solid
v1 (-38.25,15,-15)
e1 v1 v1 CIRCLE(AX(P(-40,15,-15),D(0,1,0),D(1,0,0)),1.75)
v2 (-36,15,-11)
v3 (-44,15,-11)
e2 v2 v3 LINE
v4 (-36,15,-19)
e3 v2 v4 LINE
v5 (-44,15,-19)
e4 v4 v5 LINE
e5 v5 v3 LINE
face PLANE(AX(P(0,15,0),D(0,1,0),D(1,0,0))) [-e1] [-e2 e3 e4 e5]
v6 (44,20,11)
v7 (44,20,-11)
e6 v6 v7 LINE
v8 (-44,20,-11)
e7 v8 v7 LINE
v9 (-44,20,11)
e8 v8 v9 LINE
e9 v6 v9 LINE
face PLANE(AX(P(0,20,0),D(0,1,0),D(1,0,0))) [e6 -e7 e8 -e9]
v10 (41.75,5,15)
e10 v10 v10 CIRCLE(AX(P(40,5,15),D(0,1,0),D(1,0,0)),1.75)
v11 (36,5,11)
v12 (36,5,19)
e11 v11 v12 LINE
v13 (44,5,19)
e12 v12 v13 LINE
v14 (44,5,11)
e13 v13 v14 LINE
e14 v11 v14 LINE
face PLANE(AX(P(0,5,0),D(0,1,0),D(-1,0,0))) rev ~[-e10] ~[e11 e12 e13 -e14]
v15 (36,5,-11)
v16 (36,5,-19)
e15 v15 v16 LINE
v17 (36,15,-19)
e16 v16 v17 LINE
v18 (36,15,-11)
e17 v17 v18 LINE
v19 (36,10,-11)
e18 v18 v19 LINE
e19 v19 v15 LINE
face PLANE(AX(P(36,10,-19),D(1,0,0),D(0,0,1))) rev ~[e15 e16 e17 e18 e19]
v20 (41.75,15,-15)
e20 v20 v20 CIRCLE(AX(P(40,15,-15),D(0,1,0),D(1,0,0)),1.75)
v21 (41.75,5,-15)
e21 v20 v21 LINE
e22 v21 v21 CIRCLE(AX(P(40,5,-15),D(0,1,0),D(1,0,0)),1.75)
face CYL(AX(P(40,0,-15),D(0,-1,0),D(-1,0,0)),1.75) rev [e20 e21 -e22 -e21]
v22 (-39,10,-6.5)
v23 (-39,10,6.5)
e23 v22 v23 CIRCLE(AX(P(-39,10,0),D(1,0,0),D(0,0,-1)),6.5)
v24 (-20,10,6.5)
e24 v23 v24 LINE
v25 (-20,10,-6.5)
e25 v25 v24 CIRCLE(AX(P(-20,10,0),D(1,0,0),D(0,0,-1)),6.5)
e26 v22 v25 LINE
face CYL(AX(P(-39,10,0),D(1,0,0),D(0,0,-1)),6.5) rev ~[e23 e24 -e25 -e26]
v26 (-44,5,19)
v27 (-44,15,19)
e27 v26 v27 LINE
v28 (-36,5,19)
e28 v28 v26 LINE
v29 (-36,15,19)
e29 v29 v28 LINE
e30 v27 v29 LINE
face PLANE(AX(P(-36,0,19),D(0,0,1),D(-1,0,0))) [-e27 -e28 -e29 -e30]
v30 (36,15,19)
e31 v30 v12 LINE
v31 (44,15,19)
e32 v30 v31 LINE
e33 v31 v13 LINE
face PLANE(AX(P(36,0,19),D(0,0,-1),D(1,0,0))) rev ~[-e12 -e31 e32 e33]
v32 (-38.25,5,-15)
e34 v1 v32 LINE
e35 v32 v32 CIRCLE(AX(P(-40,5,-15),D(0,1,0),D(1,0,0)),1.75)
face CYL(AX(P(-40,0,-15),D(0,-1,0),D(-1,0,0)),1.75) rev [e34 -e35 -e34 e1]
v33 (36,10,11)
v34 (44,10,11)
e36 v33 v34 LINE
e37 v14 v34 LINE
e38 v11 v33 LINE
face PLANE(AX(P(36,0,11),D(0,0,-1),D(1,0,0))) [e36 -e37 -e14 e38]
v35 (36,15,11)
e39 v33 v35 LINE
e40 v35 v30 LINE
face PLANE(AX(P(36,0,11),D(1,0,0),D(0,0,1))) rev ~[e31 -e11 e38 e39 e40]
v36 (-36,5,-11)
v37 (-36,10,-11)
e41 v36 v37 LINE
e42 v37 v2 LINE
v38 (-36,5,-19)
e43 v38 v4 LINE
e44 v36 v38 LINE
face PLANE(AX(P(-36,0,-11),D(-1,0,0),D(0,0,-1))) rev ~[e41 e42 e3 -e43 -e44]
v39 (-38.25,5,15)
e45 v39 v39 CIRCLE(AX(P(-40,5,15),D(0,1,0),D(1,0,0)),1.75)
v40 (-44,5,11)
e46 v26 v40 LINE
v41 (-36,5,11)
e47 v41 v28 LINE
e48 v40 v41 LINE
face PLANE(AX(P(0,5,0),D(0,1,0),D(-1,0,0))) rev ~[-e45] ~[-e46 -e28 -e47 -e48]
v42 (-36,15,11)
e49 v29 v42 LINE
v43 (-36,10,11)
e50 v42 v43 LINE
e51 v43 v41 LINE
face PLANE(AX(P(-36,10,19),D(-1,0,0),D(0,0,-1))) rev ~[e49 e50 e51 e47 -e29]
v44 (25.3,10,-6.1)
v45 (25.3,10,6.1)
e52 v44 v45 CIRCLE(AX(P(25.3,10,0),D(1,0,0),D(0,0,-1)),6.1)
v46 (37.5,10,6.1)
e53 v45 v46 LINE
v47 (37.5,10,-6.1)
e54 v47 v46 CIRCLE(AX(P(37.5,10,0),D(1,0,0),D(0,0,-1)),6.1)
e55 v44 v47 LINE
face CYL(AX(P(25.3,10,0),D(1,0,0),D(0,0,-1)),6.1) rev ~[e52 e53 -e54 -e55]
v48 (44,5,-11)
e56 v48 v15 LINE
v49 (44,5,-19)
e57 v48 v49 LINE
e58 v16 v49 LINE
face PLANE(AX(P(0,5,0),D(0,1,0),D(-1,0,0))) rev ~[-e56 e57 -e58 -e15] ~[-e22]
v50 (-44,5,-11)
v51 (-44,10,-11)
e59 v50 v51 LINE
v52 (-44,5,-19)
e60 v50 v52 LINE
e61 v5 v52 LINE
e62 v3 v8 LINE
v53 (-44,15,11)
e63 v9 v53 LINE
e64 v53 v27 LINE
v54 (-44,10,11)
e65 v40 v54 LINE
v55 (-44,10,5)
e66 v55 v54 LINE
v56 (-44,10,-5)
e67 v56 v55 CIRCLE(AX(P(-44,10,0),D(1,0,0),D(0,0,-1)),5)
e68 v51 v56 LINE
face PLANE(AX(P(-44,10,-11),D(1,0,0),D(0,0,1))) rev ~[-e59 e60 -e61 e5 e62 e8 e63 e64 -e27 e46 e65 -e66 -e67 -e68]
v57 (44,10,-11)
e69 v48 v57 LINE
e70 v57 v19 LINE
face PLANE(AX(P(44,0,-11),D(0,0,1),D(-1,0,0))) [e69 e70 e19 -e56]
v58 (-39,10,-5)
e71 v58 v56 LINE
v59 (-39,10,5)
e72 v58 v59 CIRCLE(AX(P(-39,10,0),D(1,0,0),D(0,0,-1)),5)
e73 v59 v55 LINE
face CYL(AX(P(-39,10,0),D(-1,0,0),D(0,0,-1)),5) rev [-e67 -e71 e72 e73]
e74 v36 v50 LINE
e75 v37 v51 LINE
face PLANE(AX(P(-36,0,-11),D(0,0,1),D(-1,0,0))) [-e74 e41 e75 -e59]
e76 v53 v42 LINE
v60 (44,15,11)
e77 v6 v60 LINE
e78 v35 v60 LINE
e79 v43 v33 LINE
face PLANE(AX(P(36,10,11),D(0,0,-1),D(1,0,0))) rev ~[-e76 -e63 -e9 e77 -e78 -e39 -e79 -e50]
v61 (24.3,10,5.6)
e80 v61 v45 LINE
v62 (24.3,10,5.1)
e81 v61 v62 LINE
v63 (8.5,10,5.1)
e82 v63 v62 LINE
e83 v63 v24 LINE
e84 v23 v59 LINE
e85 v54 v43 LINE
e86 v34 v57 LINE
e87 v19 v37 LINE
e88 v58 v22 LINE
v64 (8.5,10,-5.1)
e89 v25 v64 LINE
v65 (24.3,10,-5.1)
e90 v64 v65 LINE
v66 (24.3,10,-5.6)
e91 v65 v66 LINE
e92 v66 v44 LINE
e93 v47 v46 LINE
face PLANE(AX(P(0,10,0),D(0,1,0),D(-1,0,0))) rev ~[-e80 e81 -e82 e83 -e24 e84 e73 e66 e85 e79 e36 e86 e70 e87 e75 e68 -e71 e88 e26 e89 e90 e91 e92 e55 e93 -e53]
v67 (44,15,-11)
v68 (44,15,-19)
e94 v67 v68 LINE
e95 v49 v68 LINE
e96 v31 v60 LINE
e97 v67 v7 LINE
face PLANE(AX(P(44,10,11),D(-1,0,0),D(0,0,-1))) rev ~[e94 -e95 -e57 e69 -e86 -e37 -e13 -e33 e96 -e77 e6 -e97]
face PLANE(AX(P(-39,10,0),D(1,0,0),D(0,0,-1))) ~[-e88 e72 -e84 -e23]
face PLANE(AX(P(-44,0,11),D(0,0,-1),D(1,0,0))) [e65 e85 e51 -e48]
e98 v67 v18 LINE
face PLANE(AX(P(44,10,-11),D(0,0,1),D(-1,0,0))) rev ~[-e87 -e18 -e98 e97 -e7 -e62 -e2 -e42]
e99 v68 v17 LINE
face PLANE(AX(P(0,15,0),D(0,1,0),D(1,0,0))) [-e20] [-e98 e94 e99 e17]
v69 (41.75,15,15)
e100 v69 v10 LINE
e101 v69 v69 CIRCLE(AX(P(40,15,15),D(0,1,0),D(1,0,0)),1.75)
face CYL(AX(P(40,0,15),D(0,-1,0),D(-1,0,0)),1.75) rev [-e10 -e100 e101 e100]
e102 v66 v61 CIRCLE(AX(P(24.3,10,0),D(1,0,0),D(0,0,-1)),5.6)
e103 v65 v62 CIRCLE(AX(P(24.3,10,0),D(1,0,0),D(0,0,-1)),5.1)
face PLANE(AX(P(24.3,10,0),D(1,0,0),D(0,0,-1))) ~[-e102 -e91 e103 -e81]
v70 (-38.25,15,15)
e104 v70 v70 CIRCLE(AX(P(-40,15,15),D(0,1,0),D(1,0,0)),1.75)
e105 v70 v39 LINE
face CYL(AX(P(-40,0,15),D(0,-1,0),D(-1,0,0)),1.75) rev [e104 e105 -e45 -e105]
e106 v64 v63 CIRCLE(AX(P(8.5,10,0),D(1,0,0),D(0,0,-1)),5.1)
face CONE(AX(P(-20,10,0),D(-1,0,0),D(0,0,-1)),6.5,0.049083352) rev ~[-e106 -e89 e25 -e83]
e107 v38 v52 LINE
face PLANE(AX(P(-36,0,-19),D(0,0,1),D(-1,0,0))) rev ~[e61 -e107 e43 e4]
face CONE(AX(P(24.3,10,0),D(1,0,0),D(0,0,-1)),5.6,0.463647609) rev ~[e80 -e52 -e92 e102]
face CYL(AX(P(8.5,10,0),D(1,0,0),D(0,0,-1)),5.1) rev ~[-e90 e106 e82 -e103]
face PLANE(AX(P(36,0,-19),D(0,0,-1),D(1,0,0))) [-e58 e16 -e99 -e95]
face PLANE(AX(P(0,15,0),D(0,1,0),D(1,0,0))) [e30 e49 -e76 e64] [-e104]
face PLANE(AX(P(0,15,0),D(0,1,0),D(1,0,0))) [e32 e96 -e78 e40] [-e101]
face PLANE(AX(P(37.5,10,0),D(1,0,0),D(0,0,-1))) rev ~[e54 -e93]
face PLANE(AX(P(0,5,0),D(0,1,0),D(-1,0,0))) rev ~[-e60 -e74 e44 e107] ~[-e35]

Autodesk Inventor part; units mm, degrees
ref_plane "YZ Plane" through (0, 0, 0) normal (1, 0, 0) x (0, 1, 0)
ref_plane "XZ Plane" through (0, 0, 0) normal (0, 1, 0) x (-1, 0, 0)
ref_plane "XY Plane" through (0, 0, 0) normal (0, 0, 1) x (1, 0, 0)
sketch "Sketch1" plane through (0, 0, 0) normal (0, 1, 0) x (-1, 0, 0)
  line L0 (44, 11) -> (-44, 11)
  line L1 (-44, 11) -> (-44, -11)
  line L2 (-44, -11) -> (44, -11)
  line L3 (44, -11) -> (44, 11)
  line L4 (44, 11) -> (-44, -11) construction
  line L5 (-44, 11) -> (44, -11) construction
  line L6 (36, 19) -> (44, 19)
  line L7 (44, 19) -> (44, 11)
  line L8 (44, 11) -> (36, 11)
  line L9 (36, 11) -> (36, 19)
  line L10 (36, 19) -> (44, 11) construction
  line L11 (44, 19) -> (36, 11) construction
  line L12 (36, -19) -> (44, -19)
  line L13 (44, -19) -> (44, -11)
  line L14 (44, -11) -> (36, -11)
  line L15 (36, -11) -> (36, -19)
  line L16 (36, -19) -> (44, -11) construction
  line L17 (44, -19) -> (36, -11) construction
  line L18 (-36, 19) -> (-44, 19)
  line L19 (-44, 19) -> (-44, 11)
  line L20 (-44, 11) -> (-36, 11)
  line L21 (-36, 11) -> (-36, 19)
  line L22 (-36, 19) -> (-44, 11) construction
  line L23 (-44, 19) -> (-36, 11) construction
  line L24 (-36, -19) -> (-44, -19)
  line L25 (-44, -19) -> (-44, -11)
  line L26 (-44, -11) -> (-36, -11)
  line L27 (-36, -11) -> (-36, -19)
  line L28 (-36, -19) -> (-44, -11) construction
  line L29 (-44, -19) -> (-36, -11) construction
  circle A0 centre (40, 15) radius 1.75
  circle A1 centre (40, -15) radius 1.75
  circle A2 centre (-40, 15) radius 1.75
  circle A3 centre (-40, -15) radius 1.75
  point P0 (0, 0)
  dimension "d0" = 22
  dimension "d1" = 88
  dimension "d2" = 8
  dimension "d3" = 8
  dimension "d8" = 3.5
  dimension "d9" = 3.5
  dimension "d10" = 3.5
  dimension "d11" = 3.5
  dimension "d24" = 30
  dimension "d25" = 80
extrude "Extrusion1" add sketch "Sketch1" along normal blind 10 contours L3 L2 L1 L0
extrude "Extrusion2" add sketch "Sketch1" along normal blind 5 contours L0 L9 L6 L7 | L13 L12 L15 L2 | L0 L19 L18 L21 | L27 L24 L25 L2
sketch "Sketch3" plane through (0, 10, 0) normal (0, 1, 0) x (1, 0, 0)
  line L0 (44, 11) -> (44, 19) projected
  line L1 (-44, -11) -> (44, -11)
  line L2 (44, -11) -> (44, 11)
  line L3 (44, 11) -> (-44, 11)
  line L4 (-44, 11) -> (-44, -11)
  line L5 (-44, -11) -> (44, 11) construction
  line L6 (44, -11) -> (-44, 11) construction
  line L7 (-36, -19) -> (-36, -11) projected
  line L8 (-44, -11) -> (-36, -11) projected
  line L9 (-44, -11) -> (-44, -19) projected
  line L10 (-44, -19) -> (-36, -19) projected
  circle A0 centre (-40, -15) radius 1.75 projected
  line L11 (-36, 11) -> (-44, 11) projected
  line L12 (-36, 11) -> (-36, 19) projected
  line L13 (-36, 19) -> (-44, 19) projected
  line L14 (-44, 19) -> (-44, 11) projected
  circle A1 centre (-40, 15) radius 1.75 projected
  line L15 (36, 19) -> (36, 11) projected
  line L16 (44, 11) -> (36, 11) projected
  line L17 (44, 11) -> (44, 19) projected
  line L18 (44, 19) -> (36, 19) projected
  circle A2 centre (40, 15) radius 1.75 projected
  line L19 (36, -11) -> (44, -11) projected
  line L20 (36, -11) -> (36, -19) projected
  line L21 (36, -19) -> (44, -19) projected
  line L22 (44, -19) -> (44, -11) projected
  circle A3 centre (40, -15) radius 1.75 projected
  point P0 (0, 0)
extrude "Extrusion3" add sketch "Sketch3" along normal blind 10 contours L2 L1 L4 L3
extrude "Extrusion4" add sketch "Sketch3" along normal mid plane 10 contours L3 L15 L18 L0 | L22 L21 L20 L1 | L3 L14 L13 L12 | L7 L10 L9 L1
sketch "Sketch2" plane through (0, 10, 0) normal (0, 1, 0) x (1, 0, 0)
  line L0 (-98.02, 0) -> (97.5, 0)
  line L1 (-39, 5) -> (-39, 6.5)
  line L2 (-39, 6.5) -> (-20, 6.5)
  line L3 (-20, 6.5) -> (8.5, 5.1)
  line L4 (8.5, 5.1) -> (24.3, 5.1)
  line L5 (24.3, 5.1) -> (24.3, 5.6)
  line L6 (24.3, 5.6) -> (25.3, 6.1)
  line L7 (25.3, 6.1) -> (37.5, 6.1)
  line L8 (37.5, 6.1) -> (37.5, 0)
  line L9 (-38.5, 0) -> (37.5, 0)
  line L10 (-44, 11) -> (-44, -11) projected
  line L11 (-39, 5) -> (-44, 5)
  line L12 (-44, 5) -> (-44, 0)
  point P0 (0, 0)
  dimension "d12" = 13
  dimension "d13" = 12.2
  dimension "d14" = 1
  dimension "d15" = 0.5
  dimension "d16" = 10.2
  dimension "d17" = 76.5
  dimension "d18" = 13.2
  dimension "d19" = 19
  dimension "d20" = 5
  dimension "d21" = 29
  dimension "d23" = 10
revolve "Revolution1" cut sketch "Sketch2" angle 360 about axis through (-98.02, 10, 0) along (1, 0, 0)
extrude "Extrusion6" cut sketch "Sketch1" along normal blind 10 contours L3 L2 L1 L0
extrude "Extrusion7" cut sketch "Sketch1" along normal blind 5 contours L3 L2 L1 L0 | L0 L9 L6 L7 | L13 L12 L15 L2 | L0 L19 L18 L21 | L27 L24 L25 L2 | A1 | A2
equation "\"d9\" = d8"
equation "\"d10\" = d8"
equation "\"d11\" = d8"
properties part number "stick_antenna__case_cap"
